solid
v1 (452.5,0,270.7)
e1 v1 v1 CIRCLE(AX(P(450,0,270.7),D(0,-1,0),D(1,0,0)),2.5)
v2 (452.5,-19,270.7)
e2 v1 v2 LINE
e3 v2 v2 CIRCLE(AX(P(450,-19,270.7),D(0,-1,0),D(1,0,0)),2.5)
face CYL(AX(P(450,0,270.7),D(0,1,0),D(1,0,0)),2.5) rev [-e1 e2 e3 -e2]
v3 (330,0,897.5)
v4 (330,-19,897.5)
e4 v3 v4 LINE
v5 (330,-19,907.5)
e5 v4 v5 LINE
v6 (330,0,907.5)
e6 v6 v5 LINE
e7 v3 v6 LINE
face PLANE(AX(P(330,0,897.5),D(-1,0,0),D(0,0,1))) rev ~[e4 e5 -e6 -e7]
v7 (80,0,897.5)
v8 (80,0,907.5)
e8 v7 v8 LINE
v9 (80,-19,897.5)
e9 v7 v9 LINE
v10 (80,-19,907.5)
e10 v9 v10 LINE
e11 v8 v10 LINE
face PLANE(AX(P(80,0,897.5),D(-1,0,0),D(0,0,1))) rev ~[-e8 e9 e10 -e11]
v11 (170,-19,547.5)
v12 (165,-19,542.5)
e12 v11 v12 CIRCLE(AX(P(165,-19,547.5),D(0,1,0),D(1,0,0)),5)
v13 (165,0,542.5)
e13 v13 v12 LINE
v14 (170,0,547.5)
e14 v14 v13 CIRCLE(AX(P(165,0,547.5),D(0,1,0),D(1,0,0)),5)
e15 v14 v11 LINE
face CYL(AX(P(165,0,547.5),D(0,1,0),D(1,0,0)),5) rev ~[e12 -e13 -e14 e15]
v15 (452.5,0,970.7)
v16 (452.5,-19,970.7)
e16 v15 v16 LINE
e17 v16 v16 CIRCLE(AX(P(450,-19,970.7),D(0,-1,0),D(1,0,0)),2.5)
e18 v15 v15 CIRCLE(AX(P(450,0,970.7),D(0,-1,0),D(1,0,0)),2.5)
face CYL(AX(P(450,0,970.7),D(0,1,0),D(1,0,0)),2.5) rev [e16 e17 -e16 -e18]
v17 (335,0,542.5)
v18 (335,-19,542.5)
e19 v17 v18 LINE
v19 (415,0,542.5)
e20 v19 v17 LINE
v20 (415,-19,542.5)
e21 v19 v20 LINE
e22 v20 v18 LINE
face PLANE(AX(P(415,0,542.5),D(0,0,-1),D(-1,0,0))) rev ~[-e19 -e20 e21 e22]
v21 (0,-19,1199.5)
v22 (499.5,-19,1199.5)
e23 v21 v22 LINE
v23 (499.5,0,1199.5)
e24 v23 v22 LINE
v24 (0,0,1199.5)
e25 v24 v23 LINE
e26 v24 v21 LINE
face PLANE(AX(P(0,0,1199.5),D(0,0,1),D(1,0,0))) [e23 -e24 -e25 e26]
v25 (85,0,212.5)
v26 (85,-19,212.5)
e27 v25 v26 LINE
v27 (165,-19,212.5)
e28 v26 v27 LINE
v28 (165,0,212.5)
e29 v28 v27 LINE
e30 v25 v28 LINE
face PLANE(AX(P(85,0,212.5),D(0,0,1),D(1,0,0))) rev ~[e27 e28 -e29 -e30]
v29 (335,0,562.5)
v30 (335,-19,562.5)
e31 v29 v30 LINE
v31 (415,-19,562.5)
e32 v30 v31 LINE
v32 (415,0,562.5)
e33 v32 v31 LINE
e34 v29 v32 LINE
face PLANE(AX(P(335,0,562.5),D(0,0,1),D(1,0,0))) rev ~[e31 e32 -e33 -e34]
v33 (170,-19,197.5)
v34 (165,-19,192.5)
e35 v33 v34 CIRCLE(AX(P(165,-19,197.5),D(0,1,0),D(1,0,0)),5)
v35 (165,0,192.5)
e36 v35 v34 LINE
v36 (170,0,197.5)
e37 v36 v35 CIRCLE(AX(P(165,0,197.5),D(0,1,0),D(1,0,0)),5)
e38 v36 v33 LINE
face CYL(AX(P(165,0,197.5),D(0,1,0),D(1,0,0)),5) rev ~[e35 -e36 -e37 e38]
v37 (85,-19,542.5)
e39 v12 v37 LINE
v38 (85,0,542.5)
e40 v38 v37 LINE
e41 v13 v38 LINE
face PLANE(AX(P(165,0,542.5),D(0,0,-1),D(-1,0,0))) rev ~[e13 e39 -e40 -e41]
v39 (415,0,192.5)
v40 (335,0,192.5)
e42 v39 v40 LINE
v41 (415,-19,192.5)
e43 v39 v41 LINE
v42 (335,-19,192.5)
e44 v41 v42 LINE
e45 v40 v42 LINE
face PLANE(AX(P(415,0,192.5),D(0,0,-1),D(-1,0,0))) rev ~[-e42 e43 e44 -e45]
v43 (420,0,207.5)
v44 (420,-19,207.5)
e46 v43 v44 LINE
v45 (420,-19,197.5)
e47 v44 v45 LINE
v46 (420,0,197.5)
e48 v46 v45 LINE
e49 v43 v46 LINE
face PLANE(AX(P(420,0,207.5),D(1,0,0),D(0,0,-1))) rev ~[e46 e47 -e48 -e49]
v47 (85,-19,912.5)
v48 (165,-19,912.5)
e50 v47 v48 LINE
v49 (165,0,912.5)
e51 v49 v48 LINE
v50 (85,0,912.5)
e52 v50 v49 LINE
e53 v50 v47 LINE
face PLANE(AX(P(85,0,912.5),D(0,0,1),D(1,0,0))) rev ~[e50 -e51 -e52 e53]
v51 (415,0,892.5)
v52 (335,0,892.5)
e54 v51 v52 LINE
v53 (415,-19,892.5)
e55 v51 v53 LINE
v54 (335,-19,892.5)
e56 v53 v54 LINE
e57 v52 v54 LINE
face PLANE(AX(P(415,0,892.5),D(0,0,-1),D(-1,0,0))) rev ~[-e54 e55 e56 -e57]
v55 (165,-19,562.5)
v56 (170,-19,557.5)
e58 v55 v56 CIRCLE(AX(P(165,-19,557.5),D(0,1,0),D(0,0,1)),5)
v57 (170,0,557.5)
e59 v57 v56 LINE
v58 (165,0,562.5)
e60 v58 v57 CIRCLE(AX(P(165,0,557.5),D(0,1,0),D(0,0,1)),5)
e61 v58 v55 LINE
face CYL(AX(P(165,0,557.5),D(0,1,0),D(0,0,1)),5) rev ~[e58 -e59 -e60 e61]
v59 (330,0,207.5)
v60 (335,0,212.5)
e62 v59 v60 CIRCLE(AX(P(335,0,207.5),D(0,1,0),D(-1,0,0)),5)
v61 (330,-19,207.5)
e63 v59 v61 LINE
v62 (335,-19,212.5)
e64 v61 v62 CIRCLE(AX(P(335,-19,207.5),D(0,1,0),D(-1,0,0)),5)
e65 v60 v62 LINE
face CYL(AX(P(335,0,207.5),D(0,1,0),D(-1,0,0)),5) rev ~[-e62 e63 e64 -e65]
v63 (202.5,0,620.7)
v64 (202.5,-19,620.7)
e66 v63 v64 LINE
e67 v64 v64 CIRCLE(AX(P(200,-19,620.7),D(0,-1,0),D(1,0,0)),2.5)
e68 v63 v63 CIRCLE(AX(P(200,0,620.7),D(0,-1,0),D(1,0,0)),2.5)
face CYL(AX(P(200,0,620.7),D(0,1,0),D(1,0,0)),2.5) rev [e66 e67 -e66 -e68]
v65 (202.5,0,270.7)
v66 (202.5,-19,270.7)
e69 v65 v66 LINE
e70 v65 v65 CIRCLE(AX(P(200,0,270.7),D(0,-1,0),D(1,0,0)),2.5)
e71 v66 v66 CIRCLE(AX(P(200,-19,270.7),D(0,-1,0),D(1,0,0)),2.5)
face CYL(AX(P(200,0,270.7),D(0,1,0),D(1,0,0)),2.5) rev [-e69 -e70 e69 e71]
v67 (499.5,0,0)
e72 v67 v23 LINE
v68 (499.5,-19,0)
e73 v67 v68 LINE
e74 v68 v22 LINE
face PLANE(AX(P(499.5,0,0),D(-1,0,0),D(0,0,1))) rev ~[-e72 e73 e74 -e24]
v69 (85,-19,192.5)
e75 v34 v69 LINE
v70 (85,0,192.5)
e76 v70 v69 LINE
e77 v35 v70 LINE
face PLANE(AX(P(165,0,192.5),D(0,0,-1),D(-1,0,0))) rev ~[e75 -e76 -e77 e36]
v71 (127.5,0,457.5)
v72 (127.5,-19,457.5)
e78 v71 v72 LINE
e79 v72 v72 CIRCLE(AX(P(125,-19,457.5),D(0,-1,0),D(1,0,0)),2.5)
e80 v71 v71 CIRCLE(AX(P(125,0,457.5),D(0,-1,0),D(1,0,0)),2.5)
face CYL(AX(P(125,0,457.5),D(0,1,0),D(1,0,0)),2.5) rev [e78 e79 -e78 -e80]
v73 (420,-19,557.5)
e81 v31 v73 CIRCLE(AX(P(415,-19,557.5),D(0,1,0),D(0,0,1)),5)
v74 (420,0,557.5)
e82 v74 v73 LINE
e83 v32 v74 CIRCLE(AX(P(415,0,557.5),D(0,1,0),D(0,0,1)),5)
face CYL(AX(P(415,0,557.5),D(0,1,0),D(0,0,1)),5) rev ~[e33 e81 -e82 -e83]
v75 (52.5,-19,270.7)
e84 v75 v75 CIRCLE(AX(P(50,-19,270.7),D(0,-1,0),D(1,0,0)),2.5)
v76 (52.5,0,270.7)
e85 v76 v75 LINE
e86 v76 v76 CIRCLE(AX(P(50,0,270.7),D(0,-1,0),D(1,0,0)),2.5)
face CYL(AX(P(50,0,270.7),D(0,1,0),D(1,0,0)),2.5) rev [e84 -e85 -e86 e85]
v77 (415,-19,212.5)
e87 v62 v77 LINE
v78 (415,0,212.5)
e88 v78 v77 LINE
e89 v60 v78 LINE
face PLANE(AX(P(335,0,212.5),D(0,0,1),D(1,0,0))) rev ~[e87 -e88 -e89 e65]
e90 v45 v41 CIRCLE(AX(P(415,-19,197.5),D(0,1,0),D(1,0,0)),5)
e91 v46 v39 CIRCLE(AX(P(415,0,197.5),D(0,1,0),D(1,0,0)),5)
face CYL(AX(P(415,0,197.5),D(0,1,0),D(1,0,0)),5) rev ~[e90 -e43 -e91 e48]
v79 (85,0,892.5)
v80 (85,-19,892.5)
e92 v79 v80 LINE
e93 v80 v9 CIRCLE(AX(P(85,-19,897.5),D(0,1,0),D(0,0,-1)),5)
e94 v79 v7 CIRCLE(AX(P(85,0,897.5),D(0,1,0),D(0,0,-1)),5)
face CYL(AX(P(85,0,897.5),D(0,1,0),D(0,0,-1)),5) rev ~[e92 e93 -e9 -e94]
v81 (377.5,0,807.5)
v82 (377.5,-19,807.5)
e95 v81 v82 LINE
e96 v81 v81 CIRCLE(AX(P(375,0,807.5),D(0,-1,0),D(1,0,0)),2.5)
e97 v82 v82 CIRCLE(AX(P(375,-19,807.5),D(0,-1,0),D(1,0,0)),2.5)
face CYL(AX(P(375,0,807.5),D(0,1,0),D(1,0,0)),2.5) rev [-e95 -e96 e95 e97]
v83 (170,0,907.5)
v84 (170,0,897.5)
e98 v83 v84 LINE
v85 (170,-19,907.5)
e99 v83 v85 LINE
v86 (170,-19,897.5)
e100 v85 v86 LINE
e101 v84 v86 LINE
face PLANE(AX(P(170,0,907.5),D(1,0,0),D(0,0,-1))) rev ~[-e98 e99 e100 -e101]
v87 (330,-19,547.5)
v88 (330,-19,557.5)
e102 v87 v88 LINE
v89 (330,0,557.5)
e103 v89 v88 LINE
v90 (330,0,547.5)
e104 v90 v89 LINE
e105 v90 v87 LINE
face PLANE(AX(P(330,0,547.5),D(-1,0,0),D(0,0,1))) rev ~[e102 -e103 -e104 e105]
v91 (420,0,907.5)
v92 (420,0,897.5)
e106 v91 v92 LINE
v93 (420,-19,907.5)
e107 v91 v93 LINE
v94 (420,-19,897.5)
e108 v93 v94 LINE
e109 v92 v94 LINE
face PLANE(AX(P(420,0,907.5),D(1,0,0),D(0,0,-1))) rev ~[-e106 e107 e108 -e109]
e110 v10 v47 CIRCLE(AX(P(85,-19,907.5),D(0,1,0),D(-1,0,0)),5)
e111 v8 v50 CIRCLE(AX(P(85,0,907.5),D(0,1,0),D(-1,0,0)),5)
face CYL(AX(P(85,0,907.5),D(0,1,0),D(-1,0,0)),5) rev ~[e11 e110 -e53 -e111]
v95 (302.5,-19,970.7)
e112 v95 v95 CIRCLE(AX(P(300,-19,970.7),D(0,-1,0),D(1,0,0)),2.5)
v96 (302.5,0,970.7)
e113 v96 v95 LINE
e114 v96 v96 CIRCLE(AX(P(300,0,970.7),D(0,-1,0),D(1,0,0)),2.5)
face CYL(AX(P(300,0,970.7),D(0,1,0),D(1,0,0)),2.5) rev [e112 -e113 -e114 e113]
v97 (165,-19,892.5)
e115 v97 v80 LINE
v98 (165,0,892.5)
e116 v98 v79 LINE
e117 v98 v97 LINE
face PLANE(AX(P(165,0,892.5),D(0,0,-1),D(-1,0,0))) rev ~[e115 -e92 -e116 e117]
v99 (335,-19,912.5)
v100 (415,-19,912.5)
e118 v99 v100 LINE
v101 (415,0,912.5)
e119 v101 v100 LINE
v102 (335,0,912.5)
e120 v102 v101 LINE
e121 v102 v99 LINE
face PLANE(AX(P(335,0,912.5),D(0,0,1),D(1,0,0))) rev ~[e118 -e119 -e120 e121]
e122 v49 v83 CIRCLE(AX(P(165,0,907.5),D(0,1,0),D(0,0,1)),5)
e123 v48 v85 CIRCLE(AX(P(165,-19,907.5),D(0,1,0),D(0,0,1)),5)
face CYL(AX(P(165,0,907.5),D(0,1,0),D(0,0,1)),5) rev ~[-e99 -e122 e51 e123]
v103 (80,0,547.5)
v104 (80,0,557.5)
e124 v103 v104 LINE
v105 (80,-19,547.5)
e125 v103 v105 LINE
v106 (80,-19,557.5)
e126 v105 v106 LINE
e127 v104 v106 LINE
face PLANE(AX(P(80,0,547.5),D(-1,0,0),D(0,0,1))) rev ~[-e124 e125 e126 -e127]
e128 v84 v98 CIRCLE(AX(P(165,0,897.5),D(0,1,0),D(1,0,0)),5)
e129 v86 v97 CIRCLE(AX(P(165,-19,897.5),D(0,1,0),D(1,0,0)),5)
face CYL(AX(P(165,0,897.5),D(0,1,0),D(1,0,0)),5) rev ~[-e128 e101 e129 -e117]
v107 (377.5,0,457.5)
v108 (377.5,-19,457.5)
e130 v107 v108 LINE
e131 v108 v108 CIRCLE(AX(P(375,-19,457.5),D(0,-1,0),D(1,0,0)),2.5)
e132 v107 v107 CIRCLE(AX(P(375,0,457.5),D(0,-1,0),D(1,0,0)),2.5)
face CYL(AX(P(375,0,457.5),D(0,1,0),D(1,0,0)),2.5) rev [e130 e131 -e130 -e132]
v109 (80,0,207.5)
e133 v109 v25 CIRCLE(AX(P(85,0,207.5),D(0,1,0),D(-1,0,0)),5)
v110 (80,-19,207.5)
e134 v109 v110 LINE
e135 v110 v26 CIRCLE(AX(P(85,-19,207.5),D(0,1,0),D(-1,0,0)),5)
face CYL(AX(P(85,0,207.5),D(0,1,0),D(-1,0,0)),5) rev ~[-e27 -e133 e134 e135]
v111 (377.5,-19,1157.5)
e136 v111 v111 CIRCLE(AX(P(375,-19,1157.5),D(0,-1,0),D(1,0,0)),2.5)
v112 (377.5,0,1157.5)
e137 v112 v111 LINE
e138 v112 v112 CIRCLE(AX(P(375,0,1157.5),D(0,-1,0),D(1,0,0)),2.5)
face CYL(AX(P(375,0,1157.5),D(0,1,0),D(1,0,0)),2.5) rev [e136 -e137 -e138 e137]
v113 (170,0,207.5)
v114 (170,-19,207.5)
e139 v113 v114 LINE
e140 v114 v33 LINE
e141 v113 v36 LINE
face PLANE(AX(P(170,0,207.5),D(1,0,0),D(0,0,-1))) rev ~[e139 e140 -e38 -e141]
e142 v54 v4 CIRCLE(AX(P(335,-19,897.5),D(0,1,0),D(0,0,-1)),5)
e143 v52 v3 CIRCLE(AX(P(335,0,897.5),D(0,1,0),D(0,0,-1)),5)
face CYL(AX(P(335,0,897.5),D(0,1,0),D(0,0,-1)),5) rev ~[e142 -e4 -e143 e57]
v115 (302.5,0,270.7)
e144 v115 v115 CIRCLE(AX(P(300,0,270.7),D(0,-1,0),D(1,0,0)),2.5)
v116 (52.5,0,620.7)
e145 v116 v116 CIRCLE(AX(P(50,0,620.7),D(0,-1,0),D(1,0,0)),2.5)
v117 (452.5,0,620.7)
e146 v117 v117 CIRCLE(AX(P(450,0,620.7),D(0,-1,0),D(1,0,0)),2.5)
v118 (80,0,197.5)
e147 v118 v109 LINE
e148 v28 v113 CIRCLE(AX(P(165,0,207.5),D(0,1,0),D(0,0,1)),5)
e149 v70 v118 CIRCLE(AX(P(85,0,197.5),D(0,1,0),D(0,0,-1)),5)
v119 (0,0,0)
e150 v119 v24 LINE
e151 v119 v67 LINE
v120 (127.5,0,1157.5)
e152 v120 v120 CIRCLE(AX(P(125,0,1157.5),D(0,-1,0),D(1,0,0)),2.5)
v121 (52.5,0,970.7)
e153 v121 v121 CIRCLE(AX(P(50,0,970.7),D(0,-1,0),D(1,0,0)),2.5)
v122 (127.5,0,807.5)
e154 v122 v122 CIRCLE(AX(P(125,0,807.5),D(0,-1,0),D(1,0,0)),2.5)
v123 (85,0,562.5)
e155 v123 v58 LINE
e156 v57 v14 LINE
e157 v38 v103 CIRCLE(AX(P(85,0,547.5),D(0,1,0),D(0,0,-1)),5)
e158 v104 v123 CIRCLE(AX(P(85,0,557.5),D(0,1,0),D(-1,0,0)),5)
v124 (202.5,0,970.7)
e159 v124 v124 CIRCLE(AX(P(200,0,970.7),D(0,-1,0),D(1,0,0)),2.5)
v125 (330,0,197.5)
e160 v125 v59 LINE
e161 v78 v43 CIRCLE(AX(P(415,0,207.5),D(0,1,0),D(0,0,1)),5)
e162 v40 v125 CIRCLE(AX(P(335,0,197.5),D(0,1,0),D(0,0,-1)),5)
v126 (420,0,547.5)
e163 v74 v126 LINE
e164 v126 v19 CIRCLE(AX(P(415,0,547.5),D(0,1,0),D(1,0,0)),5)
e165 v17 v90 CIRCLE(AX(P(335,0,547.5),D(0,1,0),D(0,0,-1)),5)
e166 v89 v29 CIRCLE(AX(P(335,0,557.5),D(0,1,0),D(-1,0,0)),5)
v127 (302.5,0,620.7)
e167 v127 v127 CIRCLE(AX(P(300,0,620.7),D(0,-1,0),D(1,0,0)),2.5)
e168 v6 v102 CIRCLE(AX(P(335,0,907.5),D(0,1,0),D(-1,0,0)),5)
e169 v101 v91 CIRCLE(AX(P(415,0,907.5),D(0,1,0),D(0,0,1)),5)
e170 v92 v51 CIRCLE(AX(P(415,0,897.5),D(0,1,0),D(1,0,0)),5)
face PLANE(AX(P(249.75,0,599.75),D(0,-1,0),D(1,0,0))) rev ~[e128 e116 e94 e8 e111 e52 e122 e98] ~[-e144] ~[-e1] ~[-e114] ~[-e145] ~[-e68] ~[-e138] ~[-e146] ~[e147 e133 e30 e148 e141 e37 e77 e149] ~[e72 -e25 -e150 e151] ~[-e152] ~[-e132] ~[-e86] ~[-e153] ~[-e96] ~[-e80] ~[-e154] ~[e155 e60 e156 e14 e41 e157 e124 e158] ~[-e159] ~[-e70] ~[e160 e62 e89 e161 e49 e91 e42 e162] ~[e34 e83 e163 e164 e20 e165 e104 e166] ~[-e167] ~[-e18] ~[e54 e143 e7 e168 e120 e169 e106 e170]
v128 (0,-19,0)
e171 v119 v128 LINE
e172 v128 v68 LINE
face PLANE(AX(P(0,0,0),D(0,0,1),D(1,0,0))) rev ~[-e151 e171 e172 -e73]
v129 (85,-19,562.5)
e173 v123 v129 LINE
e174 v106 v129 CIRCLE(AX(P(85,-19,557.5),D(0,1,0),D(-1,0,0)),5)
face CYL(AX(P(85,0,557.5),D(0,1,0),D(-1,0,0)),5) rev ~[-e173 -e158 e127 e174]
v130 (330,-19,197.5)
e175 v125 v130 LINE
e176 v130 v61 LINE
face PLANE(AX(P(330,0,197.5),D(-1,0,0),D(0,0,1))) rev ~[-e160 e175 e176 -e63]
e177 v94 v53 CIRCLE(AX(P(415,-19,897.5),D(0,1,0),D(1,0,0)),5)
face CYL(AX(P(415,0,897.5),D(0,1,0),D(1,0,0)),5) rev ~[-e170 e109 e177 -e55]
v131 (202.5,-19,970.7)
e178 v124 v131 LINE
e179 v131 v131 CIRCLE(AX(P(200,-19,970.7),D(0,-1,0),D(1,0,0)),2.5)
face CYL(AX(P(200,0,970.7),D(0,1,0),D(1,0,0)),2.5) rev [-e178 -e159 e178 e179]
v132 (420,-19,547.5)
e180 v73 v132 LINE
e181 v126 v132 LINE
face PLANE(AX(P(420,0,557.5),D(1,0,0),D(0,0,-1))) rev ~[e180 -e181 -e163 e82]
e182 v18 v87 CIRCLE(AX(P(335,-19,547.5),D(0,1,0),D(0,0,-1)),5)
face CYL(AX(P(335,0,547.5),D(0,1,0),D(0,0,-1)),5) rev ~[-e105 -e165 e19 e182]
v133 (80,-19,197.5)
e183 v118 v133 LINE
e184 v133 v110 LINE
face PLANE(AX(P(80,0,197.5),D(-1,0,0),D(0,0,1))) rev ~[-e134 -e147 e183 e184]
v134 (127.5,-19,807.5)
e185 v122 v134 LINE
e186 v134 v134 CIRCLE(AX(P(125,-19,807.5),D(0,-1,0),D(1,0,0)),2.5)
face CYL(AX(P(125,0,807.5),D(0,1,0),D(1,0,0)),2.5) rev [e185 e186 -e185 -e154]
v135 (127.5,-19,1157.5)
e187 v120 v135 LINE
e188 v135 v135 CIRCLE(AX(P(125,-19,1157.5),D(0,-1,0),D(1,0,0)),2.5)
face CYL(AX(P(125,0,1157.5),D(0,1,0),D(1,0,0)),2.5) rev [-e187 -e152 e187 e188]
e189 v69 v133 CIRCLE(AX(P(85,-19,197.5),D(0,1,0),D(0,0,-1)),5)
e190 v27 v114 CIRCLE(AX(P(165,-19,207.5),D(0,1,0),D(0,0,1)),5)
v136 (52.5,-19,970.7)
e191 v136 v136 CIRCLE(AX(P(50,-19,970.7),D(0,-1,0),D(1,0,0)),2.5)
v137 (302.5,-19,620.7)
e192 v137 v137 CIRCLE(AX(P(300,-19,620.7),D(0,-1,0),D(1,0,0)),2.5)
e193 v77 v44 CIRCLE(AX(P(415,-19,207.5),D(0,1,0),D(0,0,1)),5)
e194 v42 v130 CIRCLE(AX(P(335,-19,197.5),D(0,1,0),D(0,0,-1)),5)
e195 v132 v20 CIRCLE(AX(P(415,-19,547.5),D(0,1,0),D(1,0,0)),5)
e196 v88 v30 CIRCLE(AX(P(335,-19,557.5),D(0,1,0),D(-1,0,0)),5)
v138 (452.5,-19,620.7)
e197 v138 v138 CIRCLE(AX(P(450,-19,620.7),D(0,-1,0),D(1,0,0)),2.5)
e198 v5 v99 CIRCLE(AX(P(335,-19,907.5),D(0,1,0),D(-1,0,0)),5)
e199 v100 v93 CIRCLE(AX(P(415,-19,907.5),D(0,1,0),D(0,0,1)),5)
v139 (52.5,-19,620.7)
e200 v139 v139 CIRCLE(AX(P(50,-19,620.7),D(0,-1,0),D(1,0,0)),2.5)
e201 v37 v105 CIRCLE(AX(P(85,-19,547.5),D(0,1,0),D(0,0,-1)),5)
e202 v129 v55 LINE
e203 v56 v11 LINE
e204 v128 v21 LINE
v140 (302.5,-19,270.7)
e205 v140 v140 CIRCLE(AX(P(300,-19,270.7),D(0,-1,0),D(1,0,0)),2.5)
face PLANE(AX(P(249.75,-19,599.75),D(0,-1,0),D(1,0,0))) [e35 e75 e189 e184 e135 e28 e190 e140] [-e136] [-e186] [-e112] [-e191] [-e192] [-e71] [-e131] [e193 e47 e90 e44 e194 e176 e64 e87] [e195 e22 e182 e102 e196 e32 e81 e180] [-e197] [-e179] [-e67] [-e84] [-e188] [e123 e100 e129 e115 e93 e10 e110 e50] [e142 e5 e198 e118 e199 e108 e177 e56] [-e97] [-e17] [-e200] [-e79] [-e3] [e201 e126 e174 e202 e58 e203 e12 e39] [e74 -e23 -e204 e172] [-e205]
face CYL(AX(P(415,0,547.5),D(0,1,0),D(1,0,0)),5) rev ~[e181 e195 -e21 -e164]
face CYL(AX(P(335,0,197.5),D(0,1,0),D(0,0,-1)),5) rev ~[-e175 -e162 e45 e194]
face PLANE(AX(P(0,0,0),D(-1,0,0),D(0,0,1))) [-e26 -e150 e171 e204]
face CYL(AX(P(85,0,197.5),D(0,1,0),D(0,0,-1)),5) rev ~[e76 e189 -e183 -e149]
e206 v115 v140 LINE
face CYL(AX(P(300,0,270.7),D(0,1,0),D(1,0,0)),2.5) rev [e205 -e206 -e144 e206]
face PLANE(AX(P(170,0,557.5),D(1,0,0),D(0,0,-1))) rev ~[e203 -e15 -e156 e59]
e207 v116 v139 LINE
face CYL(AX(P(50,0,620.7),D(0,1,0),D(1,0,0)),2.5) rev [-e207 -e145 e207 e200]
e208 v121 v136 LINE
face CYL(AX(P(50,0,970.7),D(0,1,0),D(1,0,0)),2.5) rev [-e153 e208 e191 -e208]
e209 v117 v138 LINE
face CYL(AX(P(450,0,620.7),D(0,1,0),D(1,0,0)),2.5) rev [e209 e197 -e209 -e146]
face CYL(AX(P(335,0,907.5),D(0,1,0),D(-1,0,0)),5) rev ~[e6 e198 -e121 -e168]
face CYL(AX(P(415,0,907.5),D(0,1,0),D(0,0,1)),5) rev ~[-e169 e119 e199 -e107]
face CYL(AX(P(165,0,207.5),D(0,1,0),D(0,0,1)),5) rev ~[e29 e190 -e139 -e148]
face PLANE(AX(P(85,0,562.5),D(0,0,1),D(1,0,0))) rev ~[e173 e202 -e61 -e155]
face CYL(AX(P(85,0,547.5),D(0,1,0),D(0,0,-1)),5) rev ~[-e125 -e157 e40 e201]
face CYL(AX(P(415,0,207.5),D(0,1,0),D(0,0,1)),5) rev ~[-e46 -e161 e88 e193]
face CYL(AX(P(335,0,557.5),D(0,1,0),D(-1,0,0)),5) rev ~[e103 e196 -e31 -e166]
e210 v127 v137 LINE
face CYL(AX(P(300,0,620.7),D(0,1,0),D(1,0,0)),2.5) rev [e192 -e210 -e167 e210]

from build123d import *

# Parameters (mm, degrees)
F1_W     = 499.5
F1_H     = 1199.5
F1_R     = 2.5
F2_DEPTH = 19


with BuildPart() as f2:
    # F1 (on Front) → F2 (new body)
    with BuildSketch(Plane.XZ):
        with Locations((249.75, 990.25)):
            Rectangle(F1_W, F1_H)
        with Locations((50, 661.2)):
            Circle(F1_R, mode=Mode.SUBTRACT)
        with BuildLine():
            Line((85, 603), (165, 603))
            ThreePointArc((165, 603), (168.5355339059, 601.5355339059), (170, 598))
            Line((170, 598), (170, 588))
            ThreePointArc((170, 588), (168.5355339059, 584.4644660941), (165, 583))
            Line((165, 583), (85, 583))
            ThreePointArc((85, 583), (81.4644660941, 584.4644660941), (80, 588))
            Line((80, 588), (80, 598))
            ThreePointArc((80, 598), (81.4644660941, 601.5355339059), (85, 603))
        make_face(mode=Mode.SUBTRACT)
        with Locations((200, 661.2)):
            Circle(F1_R, mode=Mode.SUBTRACT)
        with Locations((300, 661.2)):
            Circle(F1_R, mode=Mode.SUBTRACT)
        with BuildLine():
            Line((335, 603), (415, 603))
            ThreePointArc((415, 603), (418.5355339059, 601.5355339059), (420, 598))
            Line((420, 598), (420, 588))
            ThreePointArc((420, 588), (418.5355339059, 584.4644660941), (415, 583))
            Line((415, 583), (335, 583))
            ThreePointArc((335, 583), (331.4644660941, 584.4644660941), (330, 588))
            Line((330, 588), (330, 598))
            ThreePointArc((330, 598), (331.4644660941, 601.5355339059), (335, 603))
        make_face(mode=Mode.SUBTRACT)
        with Locations((450, 661.2)):
            Circle(F1_R, mode=Mode.SUBTRACT)
        with Locations((125, 848)):
            Circle(F1_R, mode=Mode.SUBTRACT)
        with BuildLine():
            Line((85, 953), (165, 953))
            ThreePointArc((165, 953), (168.5355339059, 951.5355339059), (170, 948))
            Line((170, 948), (170, 938))
            ThreePointArc((170, 938), (168.5355339059, 934.4644660941), (165, 933))
            Line((165, 933), (85, 933))
            ThreePointArc((85, 933), (81.4644660941, 934.4644660941), (80, 938))
            Line((80, 938), (80, 948))
            ThreePointArc((80, 948), (81.4644660941, 951.5355339059), (85, 953))
        make_face(mode=Mode.SUBTRACT)
        with Locations((375, 848)):
            Circle(F1_R, mode=Mode.SUBTRACT)
        with BuildLine():
            Line((335, 953), (415, 953))
            ThreePointArc((415, 953), (418.5355339059, 951.5355339059), (420, 948))
            Line((420, 948), (420, 938))
            ThreePointArc((420, 938), (418.5355339059, 934.4644660941), (415, 933))
            Line((415, 933), (335, 933))
            ThreePointArc((335, 933), (331.4644660941, 934.4644660941), (330, 938))
            Line((330, 938), (330, 948))
            ThreePointArc((330, 948), (331.4644660941, 951.5355339059), (335, 953))
        make_face(mode=Mode.SUBTRACT)
        with Locations((50, 1011.2)):
            Circle(F1_R, mode=Mode.SUBTRACT)
        with Locations((200, 1011.2)):
            Circle(F1_R, mode=Mode.SUBTRACT)
        with Locations((125, 1198)):
            Circle(F1_R, mode=Mode.SUBTRACT)
        with Locations((300, 1011.2)):
            Circle(F1_R, mode=Mode.SUBTRACT)
        with Locations((450, 1011.2)):
            Circle(F1_R, mode=Mode.SUBTRACT)
        with Locations((375, 1198)):
            Circle(F1_R, mode=Mode.SUBTRACT)
        with Locations((50, 1361.2)):
            Circle(F1_R, mode=Mode.SUBTRACT)
        with BuildLine():
            ThreePointArc((170, 1288), (168.5355339059, 1284.4644660941), (165, 1283))
            Line((165, 1283), (85, 1283))
            ThreePointArc((85, 1283), (81.4644660941, 1284.4644660941), (80, 1288))
            Line((80, 1288), (80, 1298))
            ThreePointArc((80, 1298), (81.4644660941, 1301.5355339059), (85, 1303))
            Line((85, 1303), (165, 1303))
            ThreePointArc((165, 1303), (168.5355339059, 1301.5355339059), (170, 1298))
            Line((170, 1298), (170, 1288))
        make_face(mode=Mode.SUBTRACT)
        with Locations((200, 1361.2)):
            Circle(F1_R, mode=Mode.SUBTRACT)
        with Locations((125, 1548)):
            Circle(F1_R, mode=Mode.SUBTRACT)
        with Locations((300, 1361.2)):
            Circle(F1_R, mode=Mode.SUBTRACT)
        with BuildLine():
            Line((335, 1303), (415, 1303))
            ThreePointArc((415, 1303), (418.5355339059, 1301.5355339059), (420, 1298))
            Line((420, 1298), (420, 1288))
            ThreePointArc((420, 1288), (418.5355339059, 1284.4644660941), (415, 1283))
            Line((415, 1283), (335, 1283))
            ThreePointArc((335, 1283), (331.4644660941, 1284.4644660941), (330, 1288))
            Line((330, 1288), (330, 1298))
            ThreePointArc((330, 1298), (331.4644660941, 1301.5355339059), (335, 1303))
        make_face(mode=Mode.SUBTRACT)
        with Locations((450, 1361.2)):
            Circle(F1_R, mode=Mode.SUBTRACT)
        with Locations((375, 1548)):
            Circle(F1_R, mode=Mode.SUBTRACT)
    extrude(amount=F2_DEPTH)


with BuildPart() as f2_1:
    # F3: moved
    add(f2.part.moved(Location((0, 0, -390.5))))


solid = f2_1.part
